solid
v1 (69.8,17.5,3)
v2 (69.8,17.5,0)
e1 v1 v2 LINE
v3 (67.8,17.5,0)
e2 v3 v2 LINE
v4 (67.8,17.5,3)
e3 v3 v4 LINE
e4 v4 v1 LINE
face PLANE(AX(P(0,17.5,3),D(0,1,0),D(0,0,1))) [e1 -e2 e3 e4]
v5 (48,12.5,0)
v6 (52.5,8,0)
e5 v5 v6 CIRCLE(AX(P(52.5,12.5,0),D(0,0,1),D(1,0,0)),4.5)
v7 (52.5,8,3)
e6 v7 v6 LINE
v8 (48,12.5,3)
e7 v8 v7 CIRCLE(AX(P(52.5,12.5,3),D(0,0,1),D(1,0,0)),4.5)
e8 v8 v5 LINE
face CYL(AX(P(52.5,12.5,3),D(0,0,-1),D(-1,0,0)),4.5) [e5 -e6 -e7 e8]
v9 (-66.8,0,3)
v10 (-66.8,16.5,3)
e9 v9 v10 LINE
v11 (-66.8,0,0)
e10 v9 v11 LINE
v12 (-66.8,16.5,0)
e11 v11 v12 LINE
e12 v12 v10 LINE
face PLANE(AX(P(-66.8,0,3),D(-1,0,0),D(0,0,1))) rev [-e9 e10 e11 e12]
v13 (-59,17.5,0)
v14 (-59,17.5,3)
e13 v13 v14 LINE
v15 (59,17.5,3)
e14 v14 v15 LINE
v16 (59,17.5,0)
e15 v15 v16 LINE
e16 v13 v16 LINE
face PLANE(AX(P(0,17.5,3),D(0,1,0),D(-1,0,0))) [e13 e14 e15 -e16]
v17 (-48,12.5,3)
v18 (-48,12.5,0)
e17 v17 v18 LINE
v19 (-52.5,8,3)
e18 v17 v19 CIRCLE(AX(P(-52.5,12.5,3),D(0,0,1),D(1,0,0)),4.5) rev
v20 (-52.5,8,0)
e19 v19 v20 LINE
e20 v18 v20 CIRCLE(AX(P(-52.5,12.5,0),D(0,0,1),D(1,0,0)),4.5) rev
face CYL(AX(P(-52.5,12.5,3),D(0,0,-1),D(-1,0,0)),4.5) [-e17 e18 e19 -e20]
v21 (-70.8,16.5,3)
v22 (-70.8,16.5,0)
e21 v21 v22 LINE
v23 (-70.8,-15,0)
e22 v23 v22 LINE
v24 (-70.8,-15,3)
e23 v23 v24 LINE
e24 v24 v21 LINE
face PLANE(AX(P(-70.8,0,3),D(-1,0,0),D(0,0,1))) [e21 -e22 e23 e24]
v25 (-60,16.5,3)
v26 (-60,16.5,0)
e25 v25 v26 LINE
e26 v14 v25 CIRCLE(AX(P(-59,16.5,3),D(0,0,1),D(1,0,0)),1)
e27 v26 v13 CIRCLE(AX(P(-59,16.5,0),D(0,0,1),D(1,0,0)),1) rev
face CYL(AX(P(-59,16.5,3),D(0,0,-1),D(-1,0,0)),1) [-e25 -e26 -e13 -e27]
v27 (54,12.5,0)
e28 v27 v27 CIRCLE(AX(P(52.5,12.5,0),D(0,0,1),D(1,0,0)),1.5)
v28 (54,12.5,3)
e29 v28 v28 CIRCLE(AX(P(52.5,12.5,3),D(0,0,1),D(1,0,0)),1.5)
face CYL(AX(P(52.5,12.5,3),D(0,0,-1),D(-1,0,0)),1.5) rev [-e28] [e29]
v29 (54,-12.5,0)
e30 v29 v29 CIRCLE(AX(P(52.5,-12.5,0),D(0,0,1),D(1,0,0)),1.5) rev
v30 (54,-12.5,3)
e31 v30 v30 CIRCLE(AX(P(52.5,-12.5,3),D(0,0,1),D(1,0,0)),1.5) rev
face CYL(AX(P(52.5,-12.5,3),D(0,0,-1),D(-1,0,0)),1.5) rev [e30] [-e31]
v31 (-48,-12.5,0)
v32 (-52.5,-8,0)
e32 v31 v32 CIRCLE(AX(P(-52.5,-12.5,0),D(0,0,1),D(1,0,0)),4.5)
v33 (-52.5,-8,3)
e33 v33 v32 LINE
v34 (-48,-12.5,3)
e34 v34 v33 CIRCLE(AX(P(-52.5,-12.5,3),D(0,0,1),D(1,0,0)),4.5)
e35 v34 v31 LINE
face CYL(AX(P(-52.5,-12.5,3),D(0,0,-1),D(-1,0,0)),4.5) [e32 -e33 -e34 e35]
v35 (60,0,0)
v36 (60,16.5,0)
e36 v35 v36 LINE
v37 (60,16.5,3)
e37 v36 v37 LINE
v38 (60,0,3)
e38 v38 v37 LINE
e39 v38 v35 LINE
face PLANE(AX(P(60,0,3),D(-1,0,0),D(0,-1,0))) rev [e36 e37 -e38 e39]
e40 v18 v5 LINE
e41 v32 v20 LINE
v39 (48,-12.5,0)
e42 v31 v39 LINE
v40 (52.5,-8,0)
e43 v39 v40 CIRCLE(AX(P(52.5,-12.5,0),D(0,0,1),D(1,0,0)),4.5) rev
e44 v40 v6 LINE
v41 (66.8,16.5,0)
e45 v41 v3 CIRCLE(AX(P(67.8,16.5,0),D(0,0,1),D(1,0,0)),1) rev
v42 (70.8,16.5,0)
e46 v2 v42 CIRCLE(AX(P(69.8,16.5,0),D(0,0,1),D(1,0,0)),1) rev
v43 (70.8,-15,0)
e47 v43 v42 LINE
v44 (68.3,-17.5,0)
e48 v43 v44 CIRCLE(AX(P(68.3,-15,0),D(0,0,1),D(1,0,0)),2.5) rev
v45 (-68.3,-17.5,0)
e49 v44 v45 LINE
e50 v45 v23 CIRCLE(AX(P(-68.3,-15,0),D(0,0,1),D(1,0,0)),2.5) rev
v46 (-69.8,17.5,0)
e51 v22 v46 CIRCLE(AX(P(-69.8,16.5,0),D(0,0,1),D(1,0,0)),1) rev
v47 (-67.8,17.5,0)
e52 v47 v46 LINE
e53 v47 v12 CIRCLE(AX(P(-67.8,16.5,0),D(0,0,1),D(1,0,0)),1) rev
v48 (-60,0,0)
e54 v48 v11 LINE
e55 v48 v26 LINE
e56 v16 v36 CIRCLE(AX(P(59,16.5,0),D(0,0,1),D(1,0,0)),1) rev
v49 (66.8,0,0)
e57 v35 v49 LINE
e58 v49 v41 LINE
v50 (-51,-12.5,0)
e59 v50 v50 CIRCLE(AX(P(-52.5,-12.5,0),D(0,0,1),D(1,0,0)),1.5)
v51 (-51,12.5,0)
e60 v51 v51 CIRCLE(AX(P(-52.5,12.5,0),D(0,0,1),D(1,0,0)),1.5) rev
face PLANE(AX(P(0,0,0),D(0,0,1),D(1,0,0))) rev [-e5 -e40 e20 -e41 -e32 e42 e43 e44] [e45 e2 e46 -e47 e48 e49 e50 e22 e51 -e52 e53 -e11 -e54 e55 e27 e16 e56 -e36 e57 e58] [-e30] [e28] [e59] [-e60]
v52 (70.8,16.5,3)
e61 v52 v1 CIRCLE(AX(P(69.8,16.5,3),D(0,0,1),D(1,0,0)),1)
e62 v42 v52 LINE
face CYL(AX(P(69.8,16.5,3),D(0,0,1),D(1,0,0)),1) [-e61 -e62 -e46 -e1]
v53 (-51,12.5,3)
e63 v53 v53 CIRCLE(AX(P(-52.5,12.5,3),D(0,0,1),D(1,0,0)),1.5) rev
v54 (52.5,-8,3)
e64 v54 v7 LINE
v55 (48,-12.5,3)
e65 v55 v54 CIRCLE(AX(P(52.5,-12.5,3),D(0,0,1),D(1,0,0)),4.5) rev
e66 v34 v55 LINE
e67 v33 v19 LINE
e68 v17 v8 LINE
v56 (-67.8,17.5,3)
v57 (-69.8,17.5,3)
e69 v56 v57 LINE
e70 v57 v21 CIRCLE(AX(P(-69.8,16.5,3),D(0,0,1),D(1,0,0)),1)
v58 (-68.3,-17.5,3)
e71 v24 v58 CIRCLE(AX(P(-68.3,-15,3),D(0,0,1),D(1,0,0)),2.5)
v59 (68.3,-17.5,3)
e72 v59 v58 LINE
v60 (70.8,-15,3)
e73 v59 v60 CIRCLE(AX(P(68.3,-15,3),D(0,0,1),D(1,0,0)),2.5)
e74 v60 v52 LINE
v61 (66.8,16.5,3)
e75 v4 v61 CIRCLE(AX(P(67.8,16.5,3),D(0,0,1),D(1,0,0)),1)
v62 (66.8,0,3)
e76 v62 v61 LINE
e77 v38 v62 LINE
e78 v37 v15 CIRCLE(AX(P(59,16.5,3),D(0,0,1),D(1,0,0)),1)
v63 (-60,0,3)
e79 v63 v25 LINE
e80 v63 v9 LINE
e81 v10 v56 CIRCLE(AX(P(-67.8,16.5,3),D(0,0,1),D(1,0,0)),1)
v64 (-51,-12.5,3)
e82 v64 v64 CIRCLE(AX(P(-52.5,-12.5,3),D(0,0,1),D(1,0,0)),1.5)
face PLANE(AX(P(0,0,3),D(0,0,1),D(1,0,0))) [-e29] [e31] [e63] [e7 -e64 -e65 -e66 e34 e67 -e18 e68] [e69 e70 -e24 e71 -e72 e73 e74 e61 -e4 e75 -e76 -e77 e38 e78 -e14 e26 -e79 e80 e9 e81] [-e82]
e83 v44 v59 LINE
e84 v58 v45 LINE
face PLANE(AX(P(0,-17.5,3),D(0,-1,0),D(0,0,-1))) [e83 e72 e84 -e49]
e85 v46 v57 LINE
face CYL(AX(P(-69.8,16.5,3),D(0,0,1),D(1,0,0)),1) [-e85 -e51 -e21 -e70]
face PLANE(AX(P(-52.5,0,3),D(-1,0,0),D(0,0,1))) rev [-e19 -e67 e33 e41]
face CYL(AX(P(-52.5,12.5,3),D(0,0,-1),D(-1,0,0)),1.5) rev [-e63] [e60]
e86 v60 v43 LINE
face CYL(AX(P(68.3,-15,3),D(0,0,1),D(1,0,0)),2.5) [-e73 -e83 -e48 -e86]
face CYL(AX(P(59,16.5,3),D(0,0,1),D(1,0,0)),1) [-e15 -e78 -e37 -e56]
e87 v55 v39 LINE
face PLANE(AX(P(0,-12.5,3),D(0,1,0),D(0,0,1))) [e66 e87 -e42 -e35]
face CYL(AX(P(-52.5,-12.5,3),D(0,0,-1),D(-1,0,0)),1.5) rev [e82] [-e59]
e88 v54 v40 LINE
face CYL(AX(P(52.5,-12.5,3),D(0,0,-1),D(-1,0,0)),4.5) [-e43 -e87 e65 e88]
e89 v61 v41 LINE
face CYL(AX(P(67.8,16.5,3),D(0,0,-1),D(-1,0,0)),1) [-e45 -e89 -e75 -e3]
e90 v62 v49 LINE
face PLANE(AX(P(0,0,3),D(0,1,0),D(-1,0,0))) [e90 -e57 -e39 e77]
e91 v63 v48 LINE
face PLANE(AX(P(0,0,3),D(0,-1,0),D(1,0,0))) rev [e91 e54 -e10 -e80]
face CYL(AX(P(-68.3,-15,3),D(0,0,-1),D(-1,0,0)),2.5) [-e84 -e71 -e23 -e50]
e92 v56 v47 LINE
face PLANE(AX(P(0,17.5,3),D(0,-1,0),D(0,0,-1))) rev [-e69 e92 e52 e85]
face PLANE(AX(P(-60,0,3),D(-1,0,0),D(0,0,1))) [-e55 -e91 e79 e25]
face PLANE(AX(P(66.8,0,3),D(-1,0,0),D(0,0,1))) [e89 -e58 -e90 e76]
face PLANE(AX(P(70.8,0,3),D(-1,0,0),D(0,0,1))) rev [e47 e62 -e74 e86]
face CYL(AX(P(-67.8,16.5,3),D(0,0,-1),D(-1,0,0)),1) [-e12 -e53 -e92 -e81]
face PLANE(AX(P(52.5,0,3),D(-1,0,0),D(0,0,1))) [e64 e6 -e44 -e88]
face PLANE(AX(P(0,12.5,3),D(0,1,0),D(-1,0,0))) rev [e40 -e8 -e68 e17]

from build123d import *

# Parameters (mm, degrees)
SKETCH_1_R      = 1.5
EXTRUDE_1_DEPTH = 3
FILLET_1_R      = 2.5
FILLET_2_R      = 1


with BuildPart() as part:
    # Эскиз1 → Бобышка-Вытянуть1 (new body)
    with BuildSketch(Plane.XY):
        Polygon((-60, 17.5), (-60, 0), (-66.8, 0), (-66.8, 17.5), (-70.8, 17.5), (-70.8, -17.5), (70.8, -17.5), (70.8, 17.5), (66.8, 17.5), (66.8, 0), (60, 0), (60, 17.5), align=None)
        with BuildLine():
            Line((48, -12.5), (-48, -12.5))
            ThreePointArc((-48, -12.5), (-49.318019485, -9.318019485), (-52.5, -8))
            Line((-52.5, -8), (-52.5, 8))
            ThreePointArc((-52.5, 8), (-49.318019485, 9.318019485), (-48, 12.5))
            Line((-48, 12.5), (48, 12.5))
            ThreePointArc((48, 12.5), (49.318019485, 9.318019485), (52.5, 8))
            Line((52.5, 8), (52.5, -8))
            ThreePointArc((52.5, -8), (49.318019485, -9.318019485), (48, -12.5))
        make_face(mode=Mode.SUBTRACT)
        with Locations((-52.5, 12.5)):
            Circle(SKETCH_1_R, mode=Mode.SUBTRACT)
        with Locations((-52.5, -12.5)):
            Circle(SKETCH_1_R, mode=Mode.SUBTRACT)
        with Locations((52.5, -12.5)):
            Circle(SKETCH_1_R, mode=Mode.SUBTRACT)
        with Locations((52.5, 12.5)):
            Circle(SKETCH_1_R, mode=Mode.SUBTRACT)
    extrude(amount=EXTRUDE_1_DEPTH)

    # Скругление1
    fillet_1_edges = [part.edges().sort_by_distance(p)[0] for p in [
        (-70.8, -17.5, 1.5),
        (70.8, -17.5, 1.5),
    ]]
    fillet(fillet_1_edges, radius=FILLET_1_R)

    # Скругление2
    fillet_2_edges = [part.edges().sort_by_distance(p)[0] for p in [
        (-70.8, 17.5, 1.5),
        (-66.8, 17.5, 1.5),
        (-60, 17.5, 1.5),
        (60, 17.5, 1.5),
        (66.8, 17.5, 1.5),
        (70.8, 17.5, 1.5),
    ]]
    fillet(fillet_2_edges, radius=FILLET_2_R)


solid = part.part
